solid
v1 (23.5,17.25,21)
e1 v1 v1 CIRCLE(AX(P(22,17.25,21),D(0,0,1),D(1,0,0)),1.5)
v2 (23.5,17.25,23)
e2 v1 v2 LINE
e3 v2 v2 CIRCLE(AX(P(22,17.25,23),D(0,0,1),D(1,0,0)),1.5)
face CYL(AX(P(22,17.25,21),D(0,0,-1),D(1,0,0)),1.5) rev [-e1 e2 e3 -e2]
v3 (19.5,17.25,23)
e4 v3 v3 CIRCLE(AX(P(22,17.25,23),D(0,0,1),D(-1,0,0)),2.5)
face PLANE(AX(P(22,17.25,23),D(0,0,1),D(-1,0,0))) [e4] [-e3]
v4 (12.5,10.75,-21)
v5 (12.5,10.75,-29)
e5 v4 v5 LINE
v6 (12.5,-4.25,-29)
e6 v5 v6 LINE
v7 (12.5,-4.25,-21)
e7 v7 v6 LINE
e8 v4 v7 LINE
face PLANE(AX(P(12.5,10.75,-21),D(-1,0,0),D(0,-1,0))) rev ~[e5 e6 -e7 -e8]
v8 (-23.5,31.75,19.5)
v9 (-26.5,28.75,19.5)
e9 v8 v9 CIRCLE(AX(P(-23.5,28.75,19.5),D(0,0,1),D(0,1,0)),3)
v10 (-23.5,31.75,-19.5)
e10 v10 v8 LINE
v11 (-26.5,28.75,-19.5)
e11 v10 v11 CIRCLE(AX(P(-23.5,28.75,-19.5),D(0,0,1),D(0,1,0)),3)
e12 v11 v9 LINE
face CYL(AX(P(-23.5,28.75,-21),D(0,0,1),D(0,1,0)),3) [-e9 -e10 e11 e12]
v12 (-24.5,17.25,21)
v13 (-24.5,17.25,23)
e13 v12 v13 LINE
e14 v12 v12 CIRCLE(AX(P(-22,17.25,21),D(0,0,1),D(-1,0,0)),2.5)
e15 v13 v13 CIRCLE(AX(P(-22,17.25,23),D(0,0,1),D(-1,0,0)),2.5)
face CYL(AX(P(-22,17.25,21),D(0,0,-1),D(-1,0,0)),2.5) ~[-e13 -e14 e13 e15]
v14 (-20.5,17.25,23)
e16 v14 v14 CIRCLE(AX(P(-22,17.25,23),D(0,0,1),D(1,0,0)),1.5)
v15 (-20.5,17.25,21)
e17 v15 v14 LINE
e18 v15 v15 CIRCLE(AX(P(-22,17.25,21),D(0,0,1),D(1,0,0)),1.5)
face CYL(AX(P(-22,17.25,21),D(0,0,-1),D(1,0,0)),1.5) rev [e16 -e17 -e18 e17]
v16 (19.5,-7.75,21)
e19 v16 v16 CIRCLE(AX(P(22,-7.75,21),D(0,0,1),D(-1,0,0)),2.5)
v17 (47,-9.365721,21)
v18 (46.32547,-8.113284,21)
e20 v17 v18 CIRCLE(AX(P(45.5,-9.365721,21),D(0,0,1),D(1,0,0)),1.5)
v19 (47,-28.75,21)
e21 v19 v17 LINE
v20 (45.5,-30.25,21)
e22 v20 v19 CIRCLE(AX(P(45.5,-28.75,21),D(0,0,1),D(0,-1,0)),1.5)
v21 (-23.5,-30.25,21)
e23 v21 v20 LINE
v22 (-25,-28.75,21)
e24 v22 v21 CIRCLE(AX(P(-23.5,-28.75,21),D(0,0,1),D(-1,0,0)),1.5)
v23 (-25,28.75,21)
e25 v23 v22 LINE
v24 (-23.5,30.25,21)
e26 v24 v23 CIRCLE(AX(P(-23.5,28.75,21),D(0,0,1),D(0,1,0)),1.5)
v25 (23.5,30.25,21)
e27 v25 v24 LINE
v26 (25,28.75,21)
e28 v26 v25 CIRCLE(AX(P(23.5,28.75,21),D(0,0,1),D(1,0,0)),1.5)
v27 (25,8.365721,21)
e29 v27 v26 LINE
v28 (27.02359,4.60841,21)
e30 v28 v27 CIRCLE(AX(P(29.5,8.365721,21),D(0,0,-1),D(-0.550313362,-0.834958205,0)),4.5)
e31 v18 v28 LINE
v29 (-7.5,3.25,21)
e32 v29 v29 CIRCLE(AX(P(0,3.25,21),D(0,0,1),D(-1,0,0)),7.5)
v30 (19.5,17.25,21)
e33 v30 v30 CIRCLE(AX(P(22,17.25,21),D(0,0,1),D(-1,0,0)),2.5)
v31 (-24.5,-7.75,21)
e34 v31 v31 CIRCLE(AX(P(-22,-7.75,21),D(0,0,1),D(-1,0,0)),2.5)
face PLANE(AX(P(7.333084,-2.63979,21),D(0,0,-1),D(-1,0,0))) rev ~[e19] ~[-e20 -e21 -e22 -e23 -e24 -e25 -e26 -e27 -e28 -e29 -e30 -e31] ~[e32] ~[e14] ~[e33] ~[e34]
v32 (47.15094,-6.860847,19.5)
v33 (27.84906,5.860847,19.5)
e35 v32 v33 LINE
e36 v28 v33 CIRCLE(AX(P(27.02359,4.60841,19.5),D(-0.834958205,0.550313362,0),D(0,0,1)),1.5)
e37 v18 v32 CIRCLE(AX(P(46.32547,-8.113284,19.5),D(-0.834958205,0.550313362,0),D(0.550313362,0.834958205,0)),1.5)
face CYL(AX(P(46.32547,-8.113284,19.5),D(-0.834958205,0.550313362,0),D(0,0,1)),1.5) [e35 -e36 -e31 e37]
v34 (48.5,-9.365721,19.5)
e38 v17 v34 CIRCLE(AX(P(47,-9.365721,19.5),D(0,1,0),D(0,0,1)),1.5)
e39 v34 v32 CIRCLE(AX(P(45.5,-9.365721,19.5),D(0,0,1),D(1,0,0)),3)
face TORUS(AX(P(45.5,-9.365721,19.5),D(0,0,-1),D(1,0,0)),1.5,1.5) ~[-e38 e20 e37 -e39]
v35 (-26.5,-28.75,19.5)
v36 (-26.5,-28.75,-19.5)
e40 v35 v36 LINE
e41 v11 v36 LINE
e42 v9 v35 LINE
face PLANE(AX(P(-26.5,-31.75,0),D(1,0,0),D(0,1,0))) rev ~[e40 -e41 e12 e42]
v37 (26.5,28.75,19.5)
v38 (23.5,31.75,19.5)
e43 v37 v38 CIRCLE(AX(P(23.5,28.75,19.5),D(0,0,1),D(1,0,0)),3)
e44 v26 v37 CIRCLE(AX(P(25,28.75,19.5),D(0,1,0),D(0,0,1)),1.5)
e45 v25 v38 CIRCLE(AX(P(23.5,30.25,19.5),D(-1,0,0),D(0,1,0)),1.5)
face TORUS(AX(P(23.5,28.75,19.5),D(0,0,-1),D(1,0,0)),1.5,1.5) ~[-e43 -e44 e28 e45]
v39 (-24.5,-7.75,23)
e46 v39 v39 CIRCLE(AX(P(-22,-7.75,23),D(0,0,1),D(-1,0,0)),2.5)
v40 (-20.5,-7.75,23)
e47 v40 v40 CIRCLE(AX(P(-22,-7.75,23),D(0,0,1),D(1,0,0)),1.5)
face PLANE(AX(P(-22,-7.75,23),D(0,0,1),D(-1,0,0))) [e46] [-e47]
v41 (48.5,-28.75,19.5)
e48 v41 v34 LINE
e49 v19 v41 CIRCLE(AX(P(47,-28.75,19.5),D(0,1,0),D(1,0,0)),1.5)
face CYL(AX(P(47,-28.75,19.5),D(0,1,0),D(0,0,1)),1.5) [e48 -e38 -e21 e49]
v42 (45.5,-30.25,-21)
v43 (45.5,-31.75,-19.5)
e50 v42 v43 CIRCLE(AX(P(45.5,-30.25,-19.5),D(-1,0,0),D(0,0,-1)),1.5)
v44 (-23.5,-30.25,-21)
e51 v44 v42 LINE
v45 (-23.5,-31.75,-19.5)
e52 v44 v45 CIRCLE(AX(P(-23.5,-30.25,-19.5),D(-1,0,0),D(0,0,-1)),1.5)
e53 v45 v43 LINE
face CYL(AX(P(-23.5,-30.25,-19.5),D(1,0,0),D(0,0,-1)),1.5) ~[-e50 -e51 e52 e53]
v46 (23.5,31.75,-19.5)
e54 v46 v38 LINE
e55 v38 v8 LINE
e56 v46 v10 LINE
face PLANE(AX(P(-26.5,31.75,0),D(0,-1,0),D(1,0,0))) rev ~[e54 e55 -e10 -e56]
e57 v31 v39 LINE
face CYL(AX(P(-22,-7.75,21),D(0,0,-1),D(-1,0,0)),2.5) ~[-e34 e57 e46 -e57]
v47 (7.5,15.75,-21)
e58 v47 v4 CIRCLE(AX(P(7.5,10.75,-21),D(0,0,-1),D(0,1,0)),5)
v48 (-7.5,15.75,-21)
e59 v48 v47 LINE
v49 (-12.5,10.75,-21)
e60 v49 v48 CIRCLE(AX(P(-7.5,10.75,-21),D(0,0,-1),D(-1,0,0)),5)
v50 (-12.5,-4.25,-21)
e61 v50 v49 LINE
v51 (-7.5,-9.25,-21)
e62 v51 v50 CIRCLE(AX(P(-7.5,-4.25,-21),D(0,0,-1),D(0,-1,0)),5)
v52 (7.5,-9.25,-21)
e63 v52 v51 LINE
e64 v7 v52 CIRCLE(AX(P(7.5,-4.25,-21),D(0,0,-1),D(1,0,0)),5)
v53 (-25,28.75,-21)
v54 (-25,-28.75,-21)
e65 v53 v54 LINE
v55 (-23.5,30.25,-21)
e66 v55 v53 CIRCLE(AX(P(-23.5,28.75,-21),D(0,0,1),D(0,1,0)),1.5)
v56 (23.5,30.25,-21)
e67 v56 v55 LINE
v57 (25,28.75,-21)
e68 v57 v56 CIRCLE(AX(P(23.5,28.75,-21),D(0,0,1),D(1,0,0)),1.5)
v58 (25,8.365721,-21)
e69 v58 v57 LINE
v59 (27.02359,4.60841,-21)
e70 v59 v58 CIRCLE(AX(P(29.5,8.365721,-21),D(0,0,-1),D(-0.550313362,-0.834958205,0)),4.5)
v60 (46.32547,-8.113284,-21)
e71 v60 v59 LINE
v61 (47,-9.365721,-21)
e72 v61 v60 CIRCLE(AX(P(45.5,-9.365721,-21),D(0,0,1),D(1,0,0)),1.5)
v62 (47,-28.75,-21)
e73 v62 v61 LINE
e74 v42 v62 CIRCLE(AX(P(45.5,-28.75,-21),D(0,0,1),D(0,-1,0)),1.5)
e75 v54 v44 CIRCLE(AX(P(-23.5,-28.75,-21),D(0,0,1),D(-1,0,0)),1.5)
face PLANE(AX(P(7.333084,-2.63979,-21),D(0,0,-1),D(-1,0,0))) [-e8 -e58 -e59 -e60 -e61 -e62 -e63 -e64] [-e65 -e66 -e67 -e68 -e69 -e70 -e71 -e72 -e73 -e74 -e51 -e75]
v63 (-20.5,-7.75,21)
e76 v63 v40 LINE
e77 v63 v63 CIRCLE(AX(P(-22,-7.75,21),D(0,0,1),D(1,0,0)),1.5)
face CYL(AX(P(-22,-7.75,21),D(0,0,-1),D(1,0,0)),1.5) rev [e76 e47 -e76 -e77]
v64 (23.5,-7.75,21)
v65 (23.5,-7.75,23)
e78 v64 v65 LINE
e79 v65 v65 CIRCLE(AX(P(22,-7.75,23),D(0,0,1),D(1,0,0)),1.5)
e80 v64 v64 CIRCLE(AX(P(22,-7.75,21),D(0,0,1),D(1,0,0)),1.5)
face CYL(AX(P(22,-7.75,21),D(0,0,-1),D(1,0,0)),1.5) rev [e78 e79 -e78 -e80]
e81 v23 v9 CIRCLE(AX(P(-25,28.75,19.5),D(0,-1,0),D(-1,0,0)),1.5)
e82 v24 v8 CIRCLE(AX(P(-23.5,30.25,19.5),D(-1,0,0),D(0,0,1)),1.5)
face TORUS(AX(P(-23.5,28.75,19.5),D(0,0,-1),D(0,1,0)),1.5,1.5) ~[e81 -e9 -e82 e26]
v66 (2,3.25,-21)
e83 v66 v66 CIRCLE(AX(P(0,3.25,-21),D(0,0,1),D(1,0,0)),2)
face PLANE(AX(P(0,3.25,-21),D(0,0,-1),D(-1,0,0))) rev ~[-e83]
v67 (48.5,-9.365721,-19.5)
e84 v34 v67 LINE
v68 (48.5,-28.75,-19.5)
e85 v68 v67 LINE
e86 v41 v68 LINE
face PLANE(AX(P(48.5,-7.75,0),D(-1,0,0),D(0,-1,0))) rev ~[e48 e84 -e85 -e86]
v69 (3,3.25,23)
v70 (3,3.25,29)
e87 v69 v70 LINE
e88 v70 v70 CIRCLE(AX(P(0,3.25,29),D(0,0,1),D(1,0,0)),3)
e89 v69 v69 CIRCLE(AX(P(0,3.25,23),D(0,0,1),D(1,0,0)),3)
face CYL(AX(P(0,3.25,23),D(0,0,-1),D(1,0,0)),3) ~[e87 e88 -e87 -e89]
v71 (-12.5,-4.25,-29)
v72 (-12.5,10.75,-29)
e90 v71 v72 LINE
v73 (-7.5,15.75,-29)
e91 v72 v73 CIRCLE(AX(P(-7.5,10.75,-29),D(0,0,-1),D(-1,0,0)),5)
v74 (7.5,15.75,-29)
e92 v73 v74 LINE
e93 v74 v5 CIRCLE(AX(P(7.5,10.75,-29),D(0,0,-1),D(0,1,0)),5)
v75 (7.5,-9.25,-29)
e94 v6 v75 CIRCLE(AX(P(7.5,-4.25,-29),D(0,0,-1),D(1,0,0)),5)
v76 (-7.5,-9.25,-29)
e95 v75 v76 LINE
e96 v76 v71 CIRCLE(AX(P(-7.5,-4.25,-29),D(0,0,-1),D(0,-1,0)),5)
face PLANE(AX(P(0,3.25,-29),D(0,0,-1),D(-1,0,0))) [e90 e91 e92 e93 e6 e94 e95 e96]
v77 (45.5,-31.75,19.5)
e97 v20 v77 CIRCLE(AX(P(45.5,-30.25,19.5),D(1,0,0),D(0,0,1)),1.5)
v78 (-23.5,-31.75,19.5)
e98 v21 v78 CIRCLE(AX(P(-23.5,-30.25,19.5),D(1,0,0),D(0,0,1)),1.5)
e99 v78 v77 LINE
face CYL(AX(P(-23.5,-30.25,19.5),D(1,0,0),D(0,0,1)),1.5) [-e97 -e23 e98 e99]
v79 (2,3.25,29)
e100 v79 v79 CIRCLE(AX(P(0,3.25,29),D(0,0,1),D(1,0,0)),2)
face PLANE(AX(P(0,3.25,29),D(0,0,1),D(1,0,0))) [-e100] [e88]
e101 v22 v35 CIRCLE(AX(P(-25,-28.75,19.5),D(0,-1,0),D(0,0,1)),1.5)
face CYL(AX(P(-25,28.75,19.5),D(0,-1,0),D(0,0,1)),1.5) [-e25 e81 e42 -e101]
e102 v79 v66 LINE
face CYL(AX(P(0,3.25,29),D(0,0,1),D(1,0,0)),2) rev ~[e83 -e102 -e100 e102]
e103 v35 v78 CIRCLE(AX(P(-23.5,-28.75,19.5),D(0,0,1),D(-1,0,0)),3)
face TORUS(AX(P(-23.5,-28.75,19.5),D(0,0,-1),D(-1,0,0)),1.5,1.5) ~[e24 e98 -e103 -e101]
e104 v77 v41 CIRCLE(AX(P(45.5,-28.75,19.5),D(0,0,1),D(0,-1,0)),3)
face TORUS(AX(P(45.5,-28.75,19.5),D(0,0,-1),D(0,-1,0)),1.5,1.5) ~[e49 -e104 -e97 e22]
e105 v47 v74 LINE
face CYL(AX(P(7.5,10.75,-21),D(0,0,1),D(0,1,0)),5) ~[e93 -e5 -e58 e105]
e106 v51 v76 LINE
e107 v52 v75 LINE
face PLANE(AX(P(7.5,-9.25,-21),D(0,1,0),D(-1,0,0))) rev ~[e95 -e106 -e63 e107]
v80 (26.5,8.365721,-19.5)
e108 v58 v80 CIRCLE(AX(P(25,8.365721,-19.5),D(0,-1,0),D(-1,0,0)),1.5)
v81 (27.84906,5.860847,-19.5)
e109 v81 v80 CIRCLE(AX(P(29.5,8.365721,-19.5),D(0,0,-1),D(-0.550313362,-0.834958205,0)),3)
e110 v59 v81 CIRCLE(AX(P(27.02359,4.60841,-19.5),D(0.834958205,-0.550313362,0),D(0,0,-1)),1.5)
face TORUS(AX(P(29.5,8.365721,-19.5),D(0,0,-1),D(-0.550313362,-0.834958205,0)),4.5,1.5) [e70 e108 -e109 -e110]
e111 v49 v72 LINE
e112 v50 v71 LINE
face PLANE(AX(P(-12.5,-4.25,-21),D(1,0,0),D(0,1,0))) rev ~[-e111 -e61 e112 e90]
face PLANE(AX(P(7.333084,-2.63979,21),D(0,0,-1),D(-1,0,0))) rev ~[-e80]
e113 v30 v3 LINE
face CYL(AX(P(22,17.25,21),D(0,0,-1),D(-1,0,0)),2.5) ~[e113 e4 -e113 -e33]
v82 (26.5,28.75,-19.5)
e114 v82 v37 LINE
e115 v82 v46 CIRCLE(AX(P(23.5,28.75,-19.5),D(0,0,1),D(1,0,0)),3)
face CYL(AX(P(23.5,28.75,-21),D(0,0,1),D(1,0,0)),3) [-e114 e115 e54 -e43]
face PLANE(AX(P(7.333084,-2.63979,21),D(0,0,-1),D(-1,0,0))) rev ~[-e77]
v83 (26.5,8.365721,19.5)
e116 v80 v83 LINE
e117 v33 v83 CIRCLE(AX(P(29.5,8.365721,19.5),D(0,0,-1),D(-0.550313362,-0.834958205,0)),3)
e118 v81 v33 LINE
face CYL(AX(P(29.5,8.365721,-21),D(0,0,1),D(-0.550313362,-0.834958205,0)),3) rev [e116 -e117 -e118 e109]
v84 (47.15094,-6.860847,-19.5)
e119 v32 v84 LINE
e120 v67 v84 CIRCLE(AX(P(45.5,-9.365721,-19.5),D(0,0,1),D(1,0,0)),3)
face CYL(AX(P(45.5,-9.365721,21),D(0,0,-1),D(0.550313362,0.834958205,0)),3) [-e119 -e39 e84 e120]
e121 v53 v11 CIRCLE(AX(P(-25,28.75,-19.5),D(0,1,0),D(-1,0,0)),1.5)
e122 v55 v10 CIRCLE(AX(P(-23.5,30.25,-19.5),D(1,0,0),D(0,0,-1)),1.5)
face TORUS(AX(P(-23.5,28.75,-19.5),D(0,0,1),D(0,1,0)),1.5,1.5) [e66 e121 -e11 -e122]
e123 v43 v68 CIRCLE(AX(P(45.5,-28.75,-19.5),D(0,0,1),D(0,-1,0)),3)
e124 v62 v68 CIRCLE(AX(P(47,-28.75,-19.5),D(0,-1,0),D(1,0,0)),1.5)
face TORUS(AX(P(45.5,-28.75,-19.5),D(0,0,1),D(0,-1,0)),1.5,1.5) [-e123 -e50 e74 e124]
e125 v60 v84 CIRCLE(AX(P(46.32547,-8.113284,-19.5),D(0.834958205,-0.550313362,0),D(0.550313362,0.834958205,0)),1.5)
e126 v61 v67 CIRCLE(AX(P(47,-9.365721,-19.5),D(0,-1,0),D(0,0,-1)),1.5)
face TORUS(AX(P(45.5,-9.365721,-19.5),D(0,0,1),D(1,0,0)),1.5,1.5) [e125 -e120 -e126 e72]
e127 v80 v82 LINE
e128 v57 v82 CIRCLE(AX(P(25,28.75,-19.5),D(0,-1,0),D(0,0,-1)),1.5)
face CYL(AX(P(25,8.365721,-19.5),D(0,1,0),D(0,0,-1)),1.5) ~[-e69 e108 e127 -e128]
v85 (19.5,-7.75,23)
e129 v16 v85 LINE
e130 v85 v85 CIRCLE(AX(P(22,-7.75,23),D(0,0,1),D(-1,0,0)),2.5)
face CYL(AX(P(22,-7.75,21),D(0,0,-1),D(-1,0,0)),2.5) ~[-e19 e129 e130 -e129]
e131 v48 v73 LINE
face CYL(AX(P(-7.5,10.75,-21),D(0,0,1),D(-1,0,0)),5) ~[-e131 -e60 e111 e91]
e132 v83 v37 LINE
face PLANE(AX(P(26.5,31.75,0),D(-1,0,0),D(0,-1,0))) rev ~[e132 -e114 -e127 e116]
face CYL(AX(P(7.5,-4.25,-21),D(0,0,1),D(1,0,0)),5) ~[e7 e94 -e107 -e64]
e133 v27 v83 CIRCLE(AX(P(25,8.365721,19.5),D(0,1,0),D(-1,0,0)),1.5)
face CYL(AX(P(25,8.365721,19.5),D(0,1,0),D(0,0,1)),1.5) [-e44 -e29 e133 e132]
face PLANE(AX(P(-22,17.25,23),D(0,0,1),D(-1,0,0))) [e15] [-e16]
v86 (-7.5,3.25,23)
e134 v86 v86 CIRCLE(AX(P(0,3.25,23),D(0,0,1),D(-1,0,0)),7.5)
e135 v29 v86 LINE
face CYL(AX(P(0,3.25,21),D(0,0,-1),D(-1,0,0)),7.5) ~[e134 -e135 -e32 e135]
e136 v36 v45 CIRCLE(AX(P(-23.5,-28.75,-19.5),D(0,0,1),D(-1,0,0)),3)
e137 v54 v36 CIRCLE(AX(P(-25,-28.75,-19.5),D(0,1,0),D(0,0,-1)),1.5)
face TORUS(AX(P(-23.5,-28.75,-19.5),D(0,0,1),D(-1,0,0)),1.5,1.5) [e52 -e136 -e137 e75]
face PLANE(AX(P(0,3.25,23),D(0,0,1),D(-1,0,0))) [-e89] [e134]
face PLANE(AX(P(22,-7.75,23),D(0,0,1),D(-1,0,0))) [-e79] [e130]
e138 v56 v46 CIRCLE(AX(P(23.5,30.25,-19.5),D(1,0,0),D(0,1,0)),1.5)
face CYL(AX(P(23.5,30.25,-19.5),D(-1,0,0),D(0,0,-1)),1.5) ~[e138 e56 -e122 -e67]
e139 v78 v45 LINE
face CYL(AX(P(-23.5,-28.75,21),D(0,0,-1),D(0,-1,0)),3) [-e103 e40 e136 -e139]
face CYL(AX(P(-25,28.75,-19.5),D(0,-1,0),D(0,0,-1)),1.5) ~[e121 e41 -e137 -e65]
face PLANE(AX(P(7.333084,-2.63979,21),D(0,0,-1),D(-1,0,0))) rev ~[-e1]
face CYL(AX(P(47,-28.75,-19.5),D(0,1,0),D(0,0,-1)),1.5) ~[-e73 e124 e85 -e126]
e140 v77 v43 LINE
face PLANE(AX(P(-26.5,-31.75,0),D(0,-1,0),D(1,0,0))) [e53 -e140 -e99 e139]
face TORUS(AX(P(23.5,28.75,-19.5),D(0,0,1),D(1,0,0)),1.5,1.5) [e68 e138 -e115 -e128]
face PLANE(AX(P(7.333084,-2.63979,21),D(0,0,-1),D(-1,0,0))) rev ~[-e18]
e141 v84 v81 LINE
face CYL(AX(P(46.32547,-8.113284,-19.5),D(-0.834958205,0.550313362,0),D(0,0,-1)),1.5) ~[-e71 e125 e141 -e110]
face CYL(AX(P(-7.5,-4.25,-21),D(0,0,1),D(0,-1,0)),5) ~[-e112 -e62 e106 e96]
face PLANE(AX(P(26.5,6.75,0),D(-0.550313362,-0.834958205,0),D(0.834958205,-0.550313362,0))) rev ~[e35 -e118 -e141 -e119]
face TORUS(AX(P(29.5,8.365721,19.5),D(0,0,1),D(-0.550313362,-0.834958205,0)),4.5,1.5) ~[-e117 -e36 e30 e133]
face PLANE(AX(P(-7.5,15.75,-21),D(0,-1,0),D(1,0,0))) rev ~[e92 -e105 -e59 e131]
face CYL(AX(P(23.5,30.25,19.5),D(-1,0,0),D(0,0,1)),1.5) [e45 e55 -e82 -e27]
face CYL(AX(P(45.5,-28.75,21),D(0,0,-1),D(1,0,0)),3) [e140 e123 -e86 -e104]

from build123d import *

# Parameters (mm, degrees)
BOSS_EXTRUDE1_DEPTH = 21
SKETCH3_R           = 2.5
SKETCH3_R_2         = 1.5
BOSS_EXTRUDE2_DEPTH = 2
SKETCH5_R           = 7.5
BOSS_EXTRUDE4_DEPTH = 2
FILLET1_R           = 3
FILLET2_R           = 1.5
SKETCH7_R           = 3
BOSS_EXTRUDE6_DEPTH = 6
SKETCH8_R           = 2
CUT_EXTRUDE2_DEPTH  = 77.552677941
BOSS_EXTRUDE7_DEPTH = 8


with BuildPart() as part:
    # Sketch2 → Boss-Extrude1 (new, symmetric)
    with BuildSketch(Plane.XY):
        Polygon((26.5, 6.75), (48.5, -7.75), (48.5, -31.75), (26.5, -31.75), (-26.5, -31.75), (-26.5, 31.75), (26.5, 31.75), align=None)
    extrude(amount=BOSS_EXTRUDE1_DEPTH, both=True)

    # Sketch3 → Boss-Extrude2 (add)
    # profile 1 of 4: a face of its own
    with BuildSketch(Plane.XY.offset(21)):
        with Locations(Location((-22, 17.25, 0), (0, 0, 180))):
            Circle(SKETCH3_R)
        with Locations((-22, 17.25)):
            Circle(SKETCH3_R_2, mode=Mode.SUBTRACT)
    # profile 2 of 4: a face of its own
    with BuildSketch(Plane.XY.offset(21)):
        with Locations(Location((22, 17.25, 0), (0, 0, 180))):
            Circle(SKETCH3_R)
        with Locations((22, 17.25)):
            Circle(SKETCH3_R_2, mode=Mode.SUBTRACT)
    # profile 3 of 4: a face of its own
    with BuildSketch(Plane.XY.offset(21)):
        with Locations(Location((-22, -7.75, 0), (0, 0, 180))):
            Circle(SKETCH3_R)
        with Locations((-22, -7.75)):
            Circle(SKETCH3_R_2, mode=Mode.SUBTRACT)
    # profile 4 of 4: a face of its own
    with BuildSketch(Plane.XY.offset(21)):
        with Locations(Location((22, -7.75, 0), (0, 0, 180))):
            Circle(SKETCH3_R)
        with Locations((22, -7.75)):
            Circle(SKETCH3_R_2, mode=Mode.SUBTRACT)
    extrude(amount=BOSS_EXTRUDE2_DEPTH)

    # Sketch5 → Boss-Extrude4 (add)
    with BuildSketch(Plane.XY.offset(21)):
        with Locations(Location((0, 3.25, 0), (0, 0, 180))):
            Circle(SKETCH5_R)
    extrude(amount=BOSS_EXTRUDE4_DEPTH)

    # Fillet1
    fillet1_edges = [part.edges().sort_by_distance(p)[0] for p in [
        (26.5, 6.75, 0),
        (48.5, -7.75, 0),
        (48.5, -31.75, 0),
        (-26.5, -31.75, 0),
        (-26.5, 31.75, 0),
        (26.5, 31.75, 0),
    ]]
    fillet(fillet1_edges, radius=FILLET1_R)

    # Fillet2
    fillet2_edges = [part.edges().sort_by_distance(p)[0] for p in [
        (11, -31.75, -21),
        (11, -31.75, 21),
        (26.5, 18.557860744, -21),
        (37.5, -0.5, -21),
        (48.5, -19.057860744, -21),
        (-26.5, 0, -21),
        (0, 31.75, -21),
        (25.621320344, 30.871320344, -21),
        (48.141289482, -7.943192097, -21),
        (47.621320344, -30.871320344, -21),
        (-25.621320344, 30.871320344, -21),
        (-25.621320344, -30.871320344, -21),
        (-26.5, 0, 21),
        (26.5, 18.557860744, 21),
        (0, 31.75, 21),
        (48.5, -19.057860744, 21),
        (37.5, -0.5, 21),
        (25.621320344, 30.871320344, 21),
        (48.141289482, -7.943192097, 21),
        (47.621320344, -30.871320344, 21),
        (-25.621320344, 30.871320344, 21),
        (-25.621320344, -30.871320344, 21),
        (26.858710518, 6.943192097, -21),
        (26.858710518, 6.943192097, 21),
    ]]
    fillet(fillet2_edges, radius=FILLET2_R)

    # Sketch7 → Boss-Extrude6 (add)
    with BuildSketch(Plane.XY.offset(23)):
        with Locations((0, 3.25)):
            Circle(SKETCH7_R)
    extrude(amount=BOSS_EXTRUDE6_DEPTH)

    # Sketch8 → Cut-Extrude2 (cut, through all)
    with BuildSketch(Plane.XY.offset(29)):
        with Locations((0, 3.25)):
            Circle(SKETCH8_R)
    extrude(amount=-CUT_EXTRUDE2_DEPTH, mode=Mode.SUBTRACT)

    # Sketch9 → Boss-Extrude7 (add)
    with BuildSketch(Plane(origin=(0, 0, -21), x_dir=(-1, 0, 0), z_dir=(0, 0, -1))):
        with BuildLine():
            Line((-7.5, -9.25), (7.5, -9.25))
            ThreePointArc((7.5, -9.25), (11.035533906, -7.785533906), (12.5, -4.25))
            Line((12.5, -4.25), (12.5, 10.75))
            ThreePointArc((12.5, 10.75), (11.035533906, 14.285533906), (7.5, 15.75))
            Line((7.5, 15.75), (-7.5, 15.75))
            ThreePointArc((-7.5, 15.75), (-11.035533906, 14.285533906), (-12.5, 10.75))
            Line((-12.5, 10.75), (-12.5, -4.25))
            ThreePointArc((-12.5, -4.25), (-11.035533906, -7.785533906), (-7.5, -9.25))
        make_face()
    extrude(amount=BOSS_EXTRUDE7_DEPTH)


solid = part.part
